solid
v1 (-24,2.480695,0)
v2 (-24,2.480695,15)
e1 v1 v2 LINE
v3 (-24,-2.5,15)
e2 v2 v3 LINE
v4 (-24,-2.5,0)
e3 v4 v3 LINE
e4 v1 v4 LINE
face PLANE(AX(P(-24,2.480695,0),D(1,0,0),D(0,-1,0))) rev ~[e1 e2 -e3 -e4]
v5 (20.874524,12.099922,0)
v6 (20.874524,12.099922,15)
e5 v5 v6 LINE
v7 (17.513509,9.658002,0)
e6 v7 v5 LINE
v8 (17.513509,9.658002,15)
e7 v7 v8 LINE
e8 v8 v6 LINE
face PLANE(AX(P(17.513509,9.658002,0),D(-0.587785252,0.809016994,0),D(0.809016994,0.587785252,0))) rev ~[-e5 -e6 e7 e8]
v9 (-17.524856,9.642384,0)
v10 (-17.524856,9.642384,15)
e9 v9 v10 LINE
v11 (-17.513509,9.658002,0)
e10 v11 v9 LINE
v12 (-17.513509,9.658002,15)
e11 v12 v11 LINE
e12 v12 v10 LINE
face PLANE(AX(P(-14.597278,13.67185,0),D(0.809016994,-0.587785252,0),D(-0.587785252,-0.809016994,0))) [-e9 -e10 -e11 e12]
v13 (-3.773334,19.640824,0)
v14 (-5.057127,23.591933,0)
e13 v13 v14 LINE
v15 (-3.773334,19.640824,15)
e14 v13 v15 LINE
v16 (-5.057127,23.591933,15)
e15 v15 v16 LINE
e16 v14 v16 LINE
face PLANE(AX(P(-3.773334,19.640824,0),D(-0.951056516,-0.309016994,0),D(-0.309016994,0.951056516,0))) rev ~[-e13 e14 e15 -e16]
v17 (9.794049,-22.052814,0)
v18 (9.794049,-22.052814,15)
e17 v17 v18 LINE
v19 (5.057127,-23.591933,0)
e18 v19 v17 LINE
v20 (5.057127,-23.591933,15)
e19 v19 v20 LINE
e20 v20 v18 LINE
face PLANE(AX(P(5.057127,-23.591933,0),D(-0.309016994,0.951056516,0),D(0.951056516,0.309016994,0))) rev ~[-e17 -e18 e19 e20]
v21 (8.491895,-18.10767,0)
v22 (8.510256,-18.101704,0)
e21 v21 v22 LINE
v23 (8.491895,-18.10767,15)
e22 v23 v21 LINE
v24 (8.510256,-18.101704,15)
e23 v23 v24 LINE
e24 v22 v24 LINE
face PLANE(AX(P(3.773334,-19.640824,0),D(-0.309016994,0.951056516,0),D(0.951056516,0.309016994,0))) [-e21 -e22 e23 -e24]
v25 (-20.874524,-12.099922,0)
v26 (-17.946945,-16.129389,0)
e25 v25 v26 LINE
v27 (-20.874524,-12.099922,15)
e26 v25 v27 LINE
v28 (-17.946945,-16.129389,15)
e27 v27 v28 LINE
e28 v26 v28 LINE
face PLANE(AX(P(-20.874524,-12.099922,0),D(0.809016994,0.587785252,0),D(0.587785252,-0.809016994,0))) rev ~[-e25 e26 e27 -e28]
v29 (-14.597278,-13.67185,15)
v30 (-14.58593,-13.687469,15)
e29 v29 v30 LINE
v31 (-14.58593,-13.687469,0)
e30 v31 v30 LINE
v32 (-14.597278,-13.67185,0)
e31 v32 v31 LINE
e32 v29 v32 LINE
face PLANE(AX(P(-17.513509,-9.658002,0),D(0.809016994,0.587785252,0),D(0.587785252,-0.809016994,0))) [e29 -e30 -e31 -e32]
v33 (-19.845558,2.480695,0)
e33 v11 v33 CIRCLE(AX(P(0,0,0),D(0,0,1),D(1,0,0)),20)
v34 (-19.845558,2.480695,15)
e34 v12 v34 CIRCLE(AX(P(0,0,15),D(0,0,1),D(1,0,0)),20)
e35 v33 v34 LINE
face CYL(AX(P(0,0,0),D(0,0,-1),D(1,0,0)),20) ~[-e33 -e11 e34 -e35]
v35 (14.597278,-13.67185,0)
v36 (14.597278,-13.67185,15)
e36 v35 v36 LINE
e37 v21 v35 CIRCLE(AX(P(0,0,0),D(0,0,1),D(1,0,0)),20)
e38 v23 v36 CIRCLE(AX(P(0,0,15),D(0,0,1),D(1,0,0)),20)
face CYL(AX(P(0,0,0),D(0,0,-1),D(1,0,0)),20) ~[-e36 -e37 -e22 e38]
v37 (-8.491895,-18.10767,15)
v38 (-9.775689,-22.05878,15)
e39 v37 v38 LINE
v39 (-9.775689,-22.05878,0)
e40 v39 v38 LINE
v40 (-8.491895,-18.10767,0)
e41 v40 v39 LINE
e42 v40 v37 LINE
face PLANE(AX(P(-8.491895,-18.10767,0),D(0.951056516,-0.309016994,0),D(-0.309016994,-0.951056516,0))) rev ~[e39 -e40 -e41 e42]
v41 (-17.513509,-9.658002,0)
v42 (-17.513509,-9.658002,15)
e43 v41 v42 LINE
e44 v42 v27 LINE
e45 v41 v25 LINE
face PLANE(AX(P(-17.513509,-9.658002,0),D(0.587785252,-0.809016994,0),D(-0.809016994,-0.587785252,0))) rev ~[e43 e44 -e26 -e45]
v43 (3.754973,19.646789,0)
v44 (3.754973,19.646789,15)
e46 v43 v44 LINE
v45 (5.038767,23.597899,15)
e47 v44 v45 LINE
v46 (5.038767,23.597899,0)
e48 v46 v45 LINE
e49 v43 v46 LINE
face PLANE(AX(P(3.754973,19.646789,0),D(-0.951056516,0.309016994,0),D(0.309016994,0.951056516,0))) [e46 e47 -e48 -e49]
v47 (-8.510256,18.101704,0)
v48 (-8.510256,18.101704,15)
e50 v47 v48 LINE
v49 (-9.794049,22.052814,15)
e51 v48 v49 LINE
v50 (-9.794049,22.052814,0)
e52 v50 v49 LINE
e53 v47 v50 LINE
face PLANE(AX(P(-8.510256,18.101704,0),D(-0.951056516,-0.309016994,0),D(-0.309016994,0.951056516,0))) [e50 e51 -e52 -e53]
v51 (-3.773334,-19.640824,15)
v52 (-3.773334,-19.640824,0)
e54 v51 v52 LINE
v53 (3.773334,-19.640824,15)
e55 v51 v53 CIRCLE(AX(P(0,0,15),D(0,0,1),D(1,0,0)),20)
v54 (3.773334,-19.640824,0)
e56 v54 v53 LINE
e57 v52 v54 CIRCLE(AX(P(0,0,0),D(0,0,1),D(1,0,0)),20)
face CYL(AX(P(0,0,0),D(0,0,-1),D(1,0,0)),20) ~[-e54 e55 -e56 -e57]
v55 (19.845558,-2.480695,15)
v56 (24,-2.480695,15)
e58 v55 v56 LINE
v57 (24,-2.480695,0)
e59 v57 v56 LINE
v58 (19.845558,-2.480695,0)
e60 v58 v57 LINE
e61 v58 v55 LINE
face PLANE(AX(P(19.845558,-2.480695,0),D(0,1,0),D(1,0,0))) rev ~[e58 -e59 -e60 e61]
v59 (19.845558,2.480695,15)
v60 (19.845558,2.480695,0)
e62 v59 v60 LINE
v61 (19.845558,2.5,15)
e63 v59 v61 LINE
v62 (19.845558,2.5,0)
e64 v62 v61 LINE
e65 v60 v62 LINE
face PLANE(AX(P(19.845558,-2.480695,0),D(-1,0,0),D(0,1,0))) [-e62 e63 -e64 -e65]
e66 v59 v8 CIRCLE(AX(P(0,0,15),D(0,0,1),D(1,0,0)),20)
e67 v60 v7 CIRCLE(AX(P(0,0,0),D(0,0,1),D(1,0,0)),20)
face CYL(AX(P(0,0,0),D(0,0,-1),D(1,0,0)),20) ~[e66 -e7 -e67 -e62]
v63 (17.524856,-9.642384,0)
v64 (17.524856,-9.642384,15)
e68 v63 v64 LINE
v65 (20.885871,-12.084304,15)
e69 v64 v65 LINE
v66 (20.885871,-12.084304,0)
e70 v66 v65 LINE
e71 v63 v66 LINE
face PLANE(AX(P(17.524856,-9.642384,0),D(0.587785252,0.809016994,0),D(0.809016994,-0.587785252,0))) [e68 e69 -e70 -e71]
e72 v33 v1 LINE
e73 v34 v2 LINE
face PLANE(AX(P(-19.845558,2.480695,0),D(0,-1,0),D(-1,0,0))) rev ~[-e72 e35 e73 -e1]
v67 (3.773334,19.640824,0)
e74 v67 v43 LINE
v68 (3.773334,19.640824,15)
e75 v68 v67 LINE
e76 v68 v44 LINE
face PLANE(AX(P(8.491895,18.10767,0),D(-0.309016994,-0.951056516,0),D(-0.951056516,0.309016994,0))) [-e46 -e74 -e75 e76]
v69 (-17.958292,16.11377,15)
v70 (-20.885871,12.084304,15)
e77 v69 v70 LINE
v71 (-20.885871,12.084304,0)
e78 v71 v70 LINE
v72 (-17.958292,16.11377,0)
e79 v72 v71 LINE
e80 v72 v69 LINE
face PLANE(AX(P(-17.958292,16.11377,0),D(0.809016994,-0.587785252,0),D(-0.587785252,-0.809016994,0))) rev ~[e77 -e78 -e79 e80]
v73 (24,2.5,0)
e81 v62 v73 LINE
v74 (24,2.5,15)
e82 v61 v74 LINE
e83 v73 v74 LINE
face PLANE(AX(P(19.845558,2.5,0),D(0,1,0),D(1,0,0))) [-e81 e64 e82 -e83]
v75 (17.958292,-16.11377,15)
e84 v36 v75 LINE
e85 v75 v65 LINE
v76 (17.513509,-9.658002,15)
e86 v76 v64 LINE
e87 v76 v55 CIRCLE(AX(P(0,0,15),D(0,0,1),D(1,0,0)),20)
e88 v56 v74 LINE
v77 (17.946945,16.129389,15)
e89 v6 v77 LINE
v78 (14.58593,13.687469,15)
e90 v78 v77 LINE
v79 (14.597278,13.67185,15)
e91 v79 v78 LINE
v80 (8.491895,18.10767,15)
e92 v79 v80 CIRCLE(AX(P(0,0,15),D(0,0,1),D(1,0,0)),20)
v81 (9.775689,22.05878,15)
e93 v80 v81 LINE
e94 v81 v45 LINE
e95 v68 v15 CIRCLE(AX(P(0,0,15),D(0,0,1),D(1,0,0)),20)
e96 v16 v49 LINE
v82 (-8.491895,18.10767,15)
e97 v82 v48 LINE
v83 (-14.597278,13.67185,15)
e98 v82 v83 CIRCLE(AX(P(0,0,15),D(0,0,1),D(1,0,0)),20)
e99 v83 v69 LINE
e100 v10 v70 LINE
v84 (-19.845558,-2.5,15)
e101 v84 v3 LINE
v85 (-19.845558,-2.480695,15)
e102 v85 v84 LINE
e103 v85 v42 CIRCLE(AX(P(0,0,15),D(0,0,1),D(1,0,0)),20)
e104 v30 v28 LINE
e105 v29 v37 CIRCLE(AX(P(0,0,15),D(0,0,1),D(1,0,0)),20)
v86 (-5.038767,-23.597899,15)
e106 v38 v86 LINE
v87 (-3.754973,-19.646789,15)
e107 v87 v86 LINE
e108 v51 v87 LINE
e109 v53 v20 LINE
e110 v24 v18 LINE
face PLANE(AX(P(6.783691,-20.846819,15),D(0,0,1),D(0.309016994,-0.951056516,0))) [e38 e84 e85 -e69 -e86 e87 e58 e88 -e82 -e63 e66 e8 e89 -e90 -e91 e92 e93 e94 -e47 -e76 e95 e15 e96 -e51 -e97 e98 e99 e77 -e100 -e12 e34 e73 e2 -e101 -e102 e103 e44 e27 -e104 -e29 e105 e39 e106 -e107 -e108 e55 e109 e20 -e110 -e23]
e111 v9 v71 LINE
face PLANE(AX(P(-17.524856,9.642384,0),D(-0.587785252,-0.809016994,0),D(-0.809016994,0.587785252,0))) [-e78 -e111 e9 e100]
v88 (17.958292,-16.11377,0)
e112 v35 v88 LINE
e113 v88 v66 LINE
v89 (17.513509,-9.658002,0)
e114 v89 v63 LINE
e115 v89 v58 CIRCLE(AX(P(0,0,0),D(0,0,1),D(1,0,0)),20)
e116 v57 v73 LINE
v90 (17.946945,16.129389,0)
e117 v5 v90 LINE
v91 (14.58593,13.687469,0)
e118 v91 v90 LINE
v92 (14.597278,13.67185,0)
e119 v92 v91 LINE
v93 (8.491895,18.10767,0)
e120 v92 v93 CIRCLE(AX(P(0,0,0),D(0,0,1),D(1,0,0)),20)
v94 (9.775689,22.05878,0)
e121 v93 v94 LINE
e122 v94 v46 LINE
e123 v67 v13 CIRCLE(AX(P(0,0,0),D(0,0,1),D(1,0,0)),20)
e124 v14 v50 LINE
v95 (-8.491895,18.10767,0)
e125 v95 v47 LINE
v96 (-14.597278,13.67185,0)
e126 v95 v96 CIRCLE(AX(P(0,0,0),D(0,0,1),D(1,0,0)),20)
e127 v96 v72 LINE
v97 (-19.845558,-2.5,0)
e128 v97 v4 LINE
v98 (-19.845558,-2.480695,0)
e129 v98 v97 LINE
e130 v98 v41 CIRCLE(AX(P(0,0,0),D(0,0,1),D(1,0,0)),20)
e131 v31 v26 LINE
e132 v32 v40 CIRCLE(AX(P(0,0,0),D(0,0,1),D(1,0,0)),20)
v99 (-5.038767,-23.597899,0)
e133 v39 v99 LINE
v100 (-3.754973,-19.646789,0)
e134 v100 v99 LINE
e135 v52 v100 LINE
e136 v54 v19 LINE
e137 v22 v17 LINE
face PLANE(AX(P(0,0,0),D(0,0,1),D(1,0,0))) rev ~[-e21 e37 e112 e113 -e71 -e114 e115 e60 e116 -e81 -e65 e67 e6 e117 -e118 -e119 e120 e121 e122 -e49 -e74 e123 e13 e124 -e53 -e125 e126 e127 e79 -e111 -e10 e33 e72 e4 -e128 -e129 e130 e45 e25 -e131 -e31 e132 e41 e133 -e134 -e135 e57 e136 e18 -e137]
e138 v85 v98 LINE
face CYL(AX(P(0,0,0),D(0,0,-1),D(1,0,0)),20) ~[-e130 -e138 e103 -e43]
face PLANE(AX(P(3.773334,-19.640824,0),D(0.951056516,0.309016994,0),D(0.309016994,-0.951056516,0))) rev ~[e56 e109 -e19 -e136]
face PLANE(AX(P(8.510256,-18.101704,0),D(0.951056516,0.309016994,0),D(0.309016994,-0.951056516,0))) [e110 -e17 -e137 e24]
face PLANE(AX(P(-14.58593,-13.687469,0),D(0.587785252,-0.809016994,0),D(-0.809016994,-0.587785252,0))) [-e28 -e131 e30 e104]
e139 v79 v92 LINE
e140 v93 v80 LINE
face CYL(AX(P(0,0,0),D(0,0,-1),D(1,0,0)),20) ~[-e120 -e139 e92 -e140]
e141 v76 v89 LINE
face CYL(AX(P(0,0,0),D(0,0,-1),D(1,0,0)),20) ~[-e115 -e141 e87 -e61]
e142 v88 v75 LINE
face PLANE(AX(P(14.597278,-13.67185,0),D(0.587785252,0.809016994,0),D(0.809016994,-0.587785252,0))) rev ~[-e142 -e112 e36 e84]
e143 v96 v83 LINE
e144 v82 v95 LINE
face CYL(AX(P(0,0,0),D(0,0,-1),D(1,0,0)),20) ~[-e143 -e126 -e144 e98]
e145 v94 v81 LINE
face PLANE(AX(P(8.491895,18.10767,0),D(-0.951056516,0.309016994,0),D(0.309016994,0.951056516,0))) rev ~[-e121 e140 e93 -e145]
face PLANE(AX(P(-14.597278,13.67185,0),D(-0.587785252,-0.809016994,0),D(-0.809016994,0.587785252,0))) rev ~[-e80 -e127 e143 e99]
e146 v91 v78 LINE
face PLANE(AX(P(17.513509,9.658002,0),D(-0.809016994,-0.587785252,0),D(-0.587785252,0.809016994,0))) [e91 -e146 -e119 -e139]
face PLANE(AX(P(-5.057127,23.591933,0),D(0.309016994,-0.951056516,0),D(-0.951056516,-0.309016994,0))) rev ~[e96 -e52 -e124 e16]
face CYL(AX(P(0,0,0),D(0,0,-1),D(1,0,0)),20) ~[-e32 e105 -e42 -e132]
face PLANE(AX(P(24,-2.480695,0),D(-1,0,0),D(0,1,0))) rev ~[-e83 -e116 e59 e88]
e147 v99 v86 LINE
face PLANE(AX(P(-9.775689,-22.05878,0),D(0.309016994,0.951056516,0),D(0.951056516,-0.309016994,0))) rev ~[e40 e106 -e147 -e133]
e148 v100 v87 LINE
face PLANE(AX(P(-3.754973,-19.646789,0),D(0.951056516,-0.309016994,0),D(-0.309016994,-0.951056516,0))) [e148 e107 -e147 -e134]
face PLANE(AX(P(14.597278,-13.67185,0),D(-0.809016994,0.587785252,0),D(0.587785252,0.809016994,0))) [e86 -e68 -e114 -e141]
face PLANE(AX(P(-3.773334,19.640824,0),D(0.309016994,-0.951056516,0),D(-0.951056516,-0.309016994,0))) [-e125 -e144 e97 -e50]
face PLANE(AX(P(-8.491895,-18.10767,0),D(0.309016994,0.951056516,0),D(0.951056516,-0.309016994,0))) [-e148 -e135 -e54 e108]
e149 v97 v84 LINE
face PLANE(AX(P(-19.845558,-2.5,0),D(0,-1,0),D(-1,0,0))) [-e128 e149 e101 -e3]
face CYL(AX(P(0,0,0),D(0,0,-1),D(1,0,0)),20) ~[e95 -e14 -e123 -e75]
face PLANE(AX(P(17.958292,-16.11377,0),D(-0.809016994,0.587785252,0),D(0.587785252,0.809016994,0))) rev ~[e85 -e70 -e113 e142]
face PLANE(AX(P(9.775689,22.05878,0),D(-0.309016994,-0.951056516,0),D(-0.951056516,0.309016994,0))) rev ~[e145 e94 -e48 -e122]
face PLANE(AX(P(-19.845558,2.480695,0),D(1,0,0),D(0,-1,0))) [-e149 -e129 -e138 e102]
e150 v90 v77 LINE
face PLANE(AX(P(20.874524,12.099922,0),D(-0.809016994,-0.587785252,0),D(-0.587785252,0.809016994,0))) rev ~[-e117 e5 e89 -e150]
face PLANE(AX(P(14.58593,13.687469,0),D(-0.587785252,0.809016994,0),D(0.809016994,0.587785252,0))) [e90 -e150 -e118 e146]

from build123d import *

# Parameters (mm, degrees)
SKETCH_1_R               = 20
EXTRUDE_1_DEPTH          = 15
SKETCH_2_W               = 4.154442466
SKETCH_2_H               = 4.980694692
EXTRUDE_2_DEPTH          = 15
PATTERN_CIRCULAR_1_COUNT = 10


with BuildPart() as part:
    # 草图1 → 凸台-拉伸1 (new body)
    with BuildSketch(Plane.XY):
        Circle(SKETCH_1_R)
    extrude(amount=EXTRUDE_1_DEPTH)

    # 草图2 → 凸台-拉伸2 (add)
    with BuildSketch(Plane.XY):
        with Locations((21.922778767, 0.009652654)):
            Rectangle(SKETCH_2_W, SKETCH_2_H)
    extrude_2 = extrude(amount=EXTRUDE_2_DEPTH)

    # 阵列(圆周)1: 凸台-拉伸2 ×10 about axis
    pattern_circular_1_axis = Axis((0, 0, 15), (0, 0, -1))
    for i in range(1, PATTERN_CIRCULAR_1_COUNT):
        add(extrude_2.rotate(pattern_circular_1_axis, i * 360 / PATTERN_CIRCULAR_1_COUNT))


solid = part.part
